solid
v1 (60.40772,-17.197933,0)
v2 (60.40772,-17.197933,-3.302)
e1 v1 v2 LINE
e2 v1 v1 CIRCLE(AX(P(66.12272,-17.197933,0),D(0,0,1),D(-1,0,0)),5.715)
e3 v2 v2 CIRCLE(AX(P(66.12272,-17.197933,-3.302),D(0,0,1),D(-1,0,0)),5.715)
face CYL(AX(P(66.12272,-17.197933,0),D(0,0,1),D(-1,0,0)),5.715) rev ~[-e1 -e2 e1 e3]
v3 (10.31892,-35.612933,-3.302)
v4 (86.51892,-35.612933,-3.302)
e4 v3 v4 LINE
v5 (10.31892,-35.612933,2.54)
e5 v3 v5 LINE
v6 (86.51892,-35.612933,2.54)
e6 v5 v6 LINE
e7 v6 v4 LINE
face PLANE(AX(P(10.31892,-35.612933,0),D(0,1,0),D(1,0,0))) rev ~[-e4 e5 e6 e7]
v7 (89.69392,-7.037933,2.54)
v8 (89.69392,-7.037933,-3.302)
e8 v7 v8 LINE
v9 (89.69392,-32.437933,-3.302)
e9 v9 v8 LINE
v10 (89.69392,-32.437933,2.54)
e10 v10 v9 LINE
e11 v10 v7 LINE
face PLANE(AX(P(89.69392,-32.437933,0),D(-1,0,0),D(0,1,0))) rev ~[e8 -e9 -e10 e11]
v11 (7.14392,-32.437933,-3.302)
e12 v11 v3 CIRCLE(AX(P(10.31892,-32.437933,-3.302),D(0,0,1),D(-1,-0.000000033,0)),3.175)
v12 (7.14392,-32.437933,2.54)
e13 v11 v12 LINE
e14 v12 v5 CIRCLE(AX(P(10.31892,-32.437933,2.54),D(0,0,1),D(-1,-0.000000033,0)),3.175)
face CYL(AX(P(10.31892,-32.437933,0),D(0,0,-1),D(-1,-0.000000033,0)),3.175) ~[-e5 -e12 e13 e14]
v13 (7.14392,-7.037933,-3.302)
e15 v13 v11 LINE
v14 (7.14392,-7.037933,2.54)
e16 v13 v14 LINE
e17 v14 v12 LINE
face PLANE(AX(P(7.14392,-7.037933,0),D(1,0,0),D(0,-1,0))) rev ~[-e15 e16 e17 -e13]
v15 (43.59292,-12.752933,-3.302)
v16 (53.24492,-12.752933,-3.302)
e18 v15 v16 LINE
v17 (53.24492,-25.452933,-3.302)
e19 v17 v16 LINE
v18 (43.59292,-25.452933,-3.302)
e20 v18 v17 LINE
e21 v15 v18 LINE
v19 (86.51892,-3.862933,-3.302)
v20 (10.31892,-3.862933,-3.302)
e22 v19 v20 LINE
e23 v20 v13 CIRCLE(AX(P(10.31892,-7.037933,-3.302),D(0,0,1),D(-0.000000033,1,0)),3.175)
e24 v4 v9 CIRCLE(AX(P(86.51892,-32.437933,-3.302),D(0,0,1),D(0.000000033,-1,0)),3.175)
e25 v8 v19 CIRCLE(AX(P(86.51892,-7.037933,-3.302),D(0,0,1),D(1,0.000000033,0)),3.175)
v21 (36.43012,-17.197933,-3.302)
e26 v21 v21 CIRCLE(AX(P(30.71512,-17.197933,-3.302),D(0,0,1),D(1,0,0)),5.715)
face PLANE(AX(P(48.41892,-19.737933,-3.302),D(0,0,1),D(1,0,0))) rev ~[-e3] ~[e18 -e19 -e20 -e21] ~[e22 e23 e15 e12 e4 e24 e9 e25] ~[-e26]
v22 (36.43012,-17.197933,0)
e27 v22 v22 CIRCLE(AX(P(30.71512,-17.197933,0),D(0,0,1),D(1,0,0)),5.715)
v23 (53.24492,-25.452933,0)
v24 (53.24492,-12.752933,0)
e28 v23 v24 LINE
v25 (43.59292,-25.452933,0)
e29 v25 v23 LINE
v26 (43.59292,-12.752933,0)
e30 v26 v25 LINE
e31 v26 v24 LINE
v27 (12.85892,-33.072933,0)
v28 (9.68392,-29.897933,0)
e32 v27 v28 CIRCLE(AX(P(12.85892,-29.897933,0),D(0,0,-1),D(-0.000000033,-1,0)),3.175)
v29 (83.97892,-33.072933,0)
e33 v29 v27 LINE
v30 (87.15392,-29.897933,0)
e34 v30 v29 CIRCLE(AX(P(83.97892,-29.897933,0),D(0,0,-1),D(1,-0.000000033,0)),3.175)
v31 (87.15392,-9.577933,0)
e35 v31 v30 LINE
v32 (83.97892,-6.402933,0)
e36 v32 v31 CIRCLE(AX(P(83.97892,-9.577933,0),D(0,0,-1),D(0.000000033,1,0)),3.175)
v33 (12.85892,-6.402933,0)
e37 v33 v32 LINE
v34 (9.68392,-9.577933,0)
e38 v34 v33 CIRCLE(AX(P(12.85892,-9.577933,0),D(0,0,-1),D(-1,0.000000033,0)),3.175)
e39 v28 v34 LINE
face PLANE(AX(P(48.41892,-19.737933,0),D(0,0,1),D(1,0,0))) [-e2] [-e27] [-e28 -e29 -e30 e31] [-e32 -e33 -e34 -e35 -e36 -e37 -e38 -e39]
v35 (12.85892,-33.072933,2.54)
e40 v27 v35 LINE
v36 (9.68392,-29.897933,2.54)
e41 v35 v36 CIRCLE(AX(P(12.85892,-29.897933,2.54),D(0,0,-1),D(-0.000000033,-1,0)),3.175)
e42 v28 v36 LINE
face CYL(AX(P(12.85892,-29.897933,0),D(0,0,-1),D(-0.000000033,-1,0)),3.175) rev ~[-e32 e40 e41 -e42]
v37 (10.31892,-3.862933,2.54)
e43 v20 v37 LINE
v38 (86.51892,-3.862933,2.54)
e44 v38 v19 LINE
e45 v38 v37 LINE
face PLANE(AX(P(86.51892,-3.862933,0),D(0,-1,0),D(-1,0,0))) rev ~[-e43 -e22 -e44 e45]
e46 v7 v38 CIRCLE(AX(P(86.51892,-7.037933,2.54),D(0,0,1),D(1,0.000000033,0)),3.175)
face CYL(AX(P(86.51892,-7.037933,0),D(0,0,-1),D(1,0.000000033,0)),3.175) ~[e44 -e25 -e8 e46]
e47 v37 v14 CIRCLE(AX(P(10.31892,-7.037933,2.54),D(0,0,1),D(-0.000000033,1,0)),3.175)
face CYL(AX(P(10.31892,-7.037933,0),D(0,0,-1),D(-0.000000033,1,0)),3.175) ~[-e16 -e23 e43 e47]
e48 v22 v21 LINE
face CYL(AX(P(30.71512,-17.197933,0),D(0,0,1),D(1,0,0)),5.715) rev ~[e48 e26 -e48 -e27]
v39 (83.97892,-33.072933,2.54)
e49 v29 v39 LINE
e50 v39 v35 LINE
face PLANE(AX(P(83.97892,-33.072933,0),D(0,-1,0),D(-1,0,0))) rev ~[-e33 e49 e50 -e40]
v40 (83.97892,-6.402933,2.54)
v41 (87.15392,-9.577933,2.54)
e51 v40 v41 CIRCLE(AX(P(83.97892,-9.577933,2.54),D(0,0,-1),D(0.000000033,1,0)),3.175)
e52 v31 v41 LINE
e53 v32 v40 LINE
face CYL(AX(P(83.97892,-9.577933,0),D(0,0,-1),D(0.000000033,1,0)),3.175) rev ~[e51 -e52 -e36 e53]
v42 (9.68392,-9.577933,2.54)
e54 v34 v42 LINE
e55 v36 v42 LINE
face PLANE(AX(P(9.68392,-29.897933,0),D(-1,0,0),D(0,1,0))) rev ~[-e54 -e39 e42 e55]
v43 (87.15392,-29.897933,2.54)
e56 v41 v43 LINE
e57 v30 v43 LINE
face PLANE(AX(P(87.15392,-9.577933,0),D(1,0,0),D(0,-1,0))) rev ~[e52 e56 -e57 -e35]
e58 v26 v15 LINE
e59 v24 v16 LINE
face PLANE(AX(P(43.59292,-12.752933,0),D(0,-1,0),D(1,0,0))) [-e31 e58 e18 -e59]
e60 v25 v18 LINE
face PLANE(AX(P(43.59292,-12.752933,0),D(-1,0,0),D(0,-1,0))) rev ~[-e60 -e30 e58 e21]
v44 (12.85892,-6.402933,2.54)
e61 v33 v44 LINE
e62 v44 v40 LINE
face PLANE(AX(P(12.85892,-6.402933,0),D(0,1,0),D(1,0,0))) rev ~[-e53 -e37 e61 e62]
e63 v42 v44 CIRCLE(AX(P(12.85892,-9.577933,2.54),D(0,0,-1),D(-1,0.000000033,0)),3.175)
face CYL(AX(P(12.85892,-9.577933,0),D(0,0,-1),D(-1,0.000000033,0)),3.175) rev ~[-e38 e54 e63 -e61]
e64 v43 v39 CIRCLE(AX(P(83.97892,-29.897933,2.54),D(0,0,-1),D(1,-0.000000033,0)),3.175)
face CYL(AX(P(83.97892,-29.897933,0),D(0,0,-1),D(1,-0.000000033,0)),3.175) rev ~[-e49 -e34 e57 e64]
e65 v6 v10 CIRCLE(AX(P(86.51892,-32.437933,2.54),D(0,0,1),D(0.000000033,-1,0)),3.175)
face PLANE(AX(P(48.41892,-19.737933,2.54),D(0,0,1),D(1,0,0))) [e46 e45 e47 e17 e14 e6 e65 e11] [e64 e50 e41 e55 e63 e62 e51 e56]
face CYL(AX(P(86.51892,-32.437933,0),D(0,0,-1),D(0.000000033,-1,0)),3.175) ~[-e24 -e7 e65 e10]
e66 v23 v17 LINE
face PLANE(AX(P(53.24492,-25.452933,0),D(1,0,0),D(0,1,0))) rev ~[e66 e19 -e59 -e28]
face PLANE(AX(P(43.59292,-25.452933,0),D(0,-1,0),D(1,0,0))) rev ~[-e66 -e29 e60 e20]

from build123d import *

# Parameters (mm, degrees)
F1_DEPTH = 3.302
F2_DEPTH = 2.54
F3_R     = 5.715
F3_W     = 9.652
F3_H     = 4.445
F3_H_2   = 8.255
F4_DEPTH = 3.303


with BuildPart() as f1:
    # F0 (on Top) → F1 (new body)
    with BuildSketch(Plane.XY):
        with BuildLine():
            Line((86.51892, -3.862933), (10.31892, -3.862933))
            ThreePointArc((10.31892, -3.862933), (8.073856, -4.792869), (7.14392, -7.037933))
            Line((7.14392, -7.037933), (7.14392, -32.437933))
            ThreePointArc((7.14392, -32.437933), (8.073856, -34.682997), (10.31892, -35.612933))
            Line((10.31892, -35.612933), (86.51892, -35.612933))
            ThreePointArc((86.51892, -35.612933), (88.763984, -34.682997), (89.69392, -32.437933))
            Line((89.69392, -32.437933), (89.69392, -7.037933))
            ThreePointArc((89.69392, -7.037933), (88.763984, -4.792869), (86.51892, -3.862933))
        make_face()
        with BuildLine():
            Line((83.97892, -33.072933), (12.85892, -33.072933))
            ThreePointArc((12.85892, -33.072933), (10.613856, -32.142997), (9.68392, -29.897933))
            Line((9.68392, -29.897933), (9.68392, -9.577933))
            ThreePointArc((9.68392, -9.577933), (10.613856, -7.332869), (12.85892, -6.402933))
            Line((12.85892, -6.402933), (83.97892, -6.402933))
            ThreePointArc((83.97892, -6.402933), (86.223984, -7.332869), (87.15392, -9.577933))
            Line((87.15392, -9.577933), (87.15392, -29.897933))
            ThreePointArc((87.15392, -29.897933), (86.223984, -32.142997), (83.97892, -33.072933))
        make_face(mode=Mode.SUBTRACT)
        with BuildLine():
            ThreePointArc((9.68392, -29.897933), (10.613856, -32.142997), (12.85892, -33.072933))
            Line((12.85892, -33.072933), (83.97892, -33.072933))
            ThreePointArc((83.97892, -33.072933), (86.223984, -32.142997), (87.15392, -29.897933))
            Line((87.15392, -29.897933), (87.15392, -9.577933))
            ThreePointArc((87.15392, -9.577933), (86.223984, -7.332869), (83.97892, -6.402933))
            Line((83.97892, -6.402933), (12.85892, -6.402933))
            ThreePointArc((12.85892, -6.402933), (10.613856, -7.332869), (9.68392, -9.577933))
            Line((9.68392, -9.577933), (9.68392, -29.897933))
        make_face()
    extrude(amount=-F1_DEPTH)

    # F0 (on Top) → F2 (join)
    with BuildSketch(Plane.XY):
        with BuildLine():
            Line((86.51892, -3.862933), (10.31892, -3.862933))
            ThreePointArc((10.31892, -3.862933), (8.073856, -4.792869), (7.14392, -7.037933))
            Line((7.14392, -7.037933), (7.14392, -32.437933))
            ThreePointArc((7.14392, -32.437933), (8.073856, -34.682997), (10.31892, -35.612933))
            Line((10.31892, -35.612933), (86.51892, -35.612933))
            ThreePointArc((86.51892, -35.612933), (88.763984, -34.682997), (89.69392, -32.437933))
            Line((89.69392, -32.437933), (89.69392, -7.037933))
            ThreePointArc((89.69392, -7.037933), (88.763984, -4.792869), (86.51892, -3.862933))
        make_face()
        with BuildLine():
            Line((83.97892, -33.072933), (12.85892, -33.072933))
            ThreePointArc((12.85892, -33.072933), (10.613856, -32.142997), (9.68392, -29.897933))
            Line((9.68392, -29.897933), (9.68392, -9.577933))
            ThreePointArc((9.68392, -9.577933), (10.613856, -7.332869), (12.85892, -6.402933))
            Line((12.85892, -6.402933), (83.97892, -6.402933))
            ThreePointArc((83.97892, -6.402933), (86.223984, -7.332869), (87.15392, -9.577933))
            Line((87.15392, -9.577933), (87.15392, -29.897933))
            ThreePointArc((87.15392, -29.897933), (86.223984, -32.142997), (83.97892, -33.072933))
        make_face(mode=Mode.SUBTRACT)
    extrude(amount=F2_DEPTH)

    # F3 (on Top) → F4 (cut, through all)
    with BuildSketch(Plane.XY):
        with Locations((30.71512, -17.197933)):
            Circle(F3_R)
        with BuildLine():
            ThreePointArc((71.83772, -17.197933), (66.12272, -11.482933), (60.40772, -17.197933))
            ThreePointArc((60.40772, -17.197933), (66.12272, -22.912933), (71.83772, -17.197933))
        make_face()
        with Locations((48.41892, -14.975433)):
            Rectangle(F3_W, F3_H)
        with Locations((48.41892, -21.325433)):
            Rectangle(F3_W, F3_H_2)
    extrude(amount=-F4_DEPTH, mode=Mode.SUBTRACT)


solid = f1.part
